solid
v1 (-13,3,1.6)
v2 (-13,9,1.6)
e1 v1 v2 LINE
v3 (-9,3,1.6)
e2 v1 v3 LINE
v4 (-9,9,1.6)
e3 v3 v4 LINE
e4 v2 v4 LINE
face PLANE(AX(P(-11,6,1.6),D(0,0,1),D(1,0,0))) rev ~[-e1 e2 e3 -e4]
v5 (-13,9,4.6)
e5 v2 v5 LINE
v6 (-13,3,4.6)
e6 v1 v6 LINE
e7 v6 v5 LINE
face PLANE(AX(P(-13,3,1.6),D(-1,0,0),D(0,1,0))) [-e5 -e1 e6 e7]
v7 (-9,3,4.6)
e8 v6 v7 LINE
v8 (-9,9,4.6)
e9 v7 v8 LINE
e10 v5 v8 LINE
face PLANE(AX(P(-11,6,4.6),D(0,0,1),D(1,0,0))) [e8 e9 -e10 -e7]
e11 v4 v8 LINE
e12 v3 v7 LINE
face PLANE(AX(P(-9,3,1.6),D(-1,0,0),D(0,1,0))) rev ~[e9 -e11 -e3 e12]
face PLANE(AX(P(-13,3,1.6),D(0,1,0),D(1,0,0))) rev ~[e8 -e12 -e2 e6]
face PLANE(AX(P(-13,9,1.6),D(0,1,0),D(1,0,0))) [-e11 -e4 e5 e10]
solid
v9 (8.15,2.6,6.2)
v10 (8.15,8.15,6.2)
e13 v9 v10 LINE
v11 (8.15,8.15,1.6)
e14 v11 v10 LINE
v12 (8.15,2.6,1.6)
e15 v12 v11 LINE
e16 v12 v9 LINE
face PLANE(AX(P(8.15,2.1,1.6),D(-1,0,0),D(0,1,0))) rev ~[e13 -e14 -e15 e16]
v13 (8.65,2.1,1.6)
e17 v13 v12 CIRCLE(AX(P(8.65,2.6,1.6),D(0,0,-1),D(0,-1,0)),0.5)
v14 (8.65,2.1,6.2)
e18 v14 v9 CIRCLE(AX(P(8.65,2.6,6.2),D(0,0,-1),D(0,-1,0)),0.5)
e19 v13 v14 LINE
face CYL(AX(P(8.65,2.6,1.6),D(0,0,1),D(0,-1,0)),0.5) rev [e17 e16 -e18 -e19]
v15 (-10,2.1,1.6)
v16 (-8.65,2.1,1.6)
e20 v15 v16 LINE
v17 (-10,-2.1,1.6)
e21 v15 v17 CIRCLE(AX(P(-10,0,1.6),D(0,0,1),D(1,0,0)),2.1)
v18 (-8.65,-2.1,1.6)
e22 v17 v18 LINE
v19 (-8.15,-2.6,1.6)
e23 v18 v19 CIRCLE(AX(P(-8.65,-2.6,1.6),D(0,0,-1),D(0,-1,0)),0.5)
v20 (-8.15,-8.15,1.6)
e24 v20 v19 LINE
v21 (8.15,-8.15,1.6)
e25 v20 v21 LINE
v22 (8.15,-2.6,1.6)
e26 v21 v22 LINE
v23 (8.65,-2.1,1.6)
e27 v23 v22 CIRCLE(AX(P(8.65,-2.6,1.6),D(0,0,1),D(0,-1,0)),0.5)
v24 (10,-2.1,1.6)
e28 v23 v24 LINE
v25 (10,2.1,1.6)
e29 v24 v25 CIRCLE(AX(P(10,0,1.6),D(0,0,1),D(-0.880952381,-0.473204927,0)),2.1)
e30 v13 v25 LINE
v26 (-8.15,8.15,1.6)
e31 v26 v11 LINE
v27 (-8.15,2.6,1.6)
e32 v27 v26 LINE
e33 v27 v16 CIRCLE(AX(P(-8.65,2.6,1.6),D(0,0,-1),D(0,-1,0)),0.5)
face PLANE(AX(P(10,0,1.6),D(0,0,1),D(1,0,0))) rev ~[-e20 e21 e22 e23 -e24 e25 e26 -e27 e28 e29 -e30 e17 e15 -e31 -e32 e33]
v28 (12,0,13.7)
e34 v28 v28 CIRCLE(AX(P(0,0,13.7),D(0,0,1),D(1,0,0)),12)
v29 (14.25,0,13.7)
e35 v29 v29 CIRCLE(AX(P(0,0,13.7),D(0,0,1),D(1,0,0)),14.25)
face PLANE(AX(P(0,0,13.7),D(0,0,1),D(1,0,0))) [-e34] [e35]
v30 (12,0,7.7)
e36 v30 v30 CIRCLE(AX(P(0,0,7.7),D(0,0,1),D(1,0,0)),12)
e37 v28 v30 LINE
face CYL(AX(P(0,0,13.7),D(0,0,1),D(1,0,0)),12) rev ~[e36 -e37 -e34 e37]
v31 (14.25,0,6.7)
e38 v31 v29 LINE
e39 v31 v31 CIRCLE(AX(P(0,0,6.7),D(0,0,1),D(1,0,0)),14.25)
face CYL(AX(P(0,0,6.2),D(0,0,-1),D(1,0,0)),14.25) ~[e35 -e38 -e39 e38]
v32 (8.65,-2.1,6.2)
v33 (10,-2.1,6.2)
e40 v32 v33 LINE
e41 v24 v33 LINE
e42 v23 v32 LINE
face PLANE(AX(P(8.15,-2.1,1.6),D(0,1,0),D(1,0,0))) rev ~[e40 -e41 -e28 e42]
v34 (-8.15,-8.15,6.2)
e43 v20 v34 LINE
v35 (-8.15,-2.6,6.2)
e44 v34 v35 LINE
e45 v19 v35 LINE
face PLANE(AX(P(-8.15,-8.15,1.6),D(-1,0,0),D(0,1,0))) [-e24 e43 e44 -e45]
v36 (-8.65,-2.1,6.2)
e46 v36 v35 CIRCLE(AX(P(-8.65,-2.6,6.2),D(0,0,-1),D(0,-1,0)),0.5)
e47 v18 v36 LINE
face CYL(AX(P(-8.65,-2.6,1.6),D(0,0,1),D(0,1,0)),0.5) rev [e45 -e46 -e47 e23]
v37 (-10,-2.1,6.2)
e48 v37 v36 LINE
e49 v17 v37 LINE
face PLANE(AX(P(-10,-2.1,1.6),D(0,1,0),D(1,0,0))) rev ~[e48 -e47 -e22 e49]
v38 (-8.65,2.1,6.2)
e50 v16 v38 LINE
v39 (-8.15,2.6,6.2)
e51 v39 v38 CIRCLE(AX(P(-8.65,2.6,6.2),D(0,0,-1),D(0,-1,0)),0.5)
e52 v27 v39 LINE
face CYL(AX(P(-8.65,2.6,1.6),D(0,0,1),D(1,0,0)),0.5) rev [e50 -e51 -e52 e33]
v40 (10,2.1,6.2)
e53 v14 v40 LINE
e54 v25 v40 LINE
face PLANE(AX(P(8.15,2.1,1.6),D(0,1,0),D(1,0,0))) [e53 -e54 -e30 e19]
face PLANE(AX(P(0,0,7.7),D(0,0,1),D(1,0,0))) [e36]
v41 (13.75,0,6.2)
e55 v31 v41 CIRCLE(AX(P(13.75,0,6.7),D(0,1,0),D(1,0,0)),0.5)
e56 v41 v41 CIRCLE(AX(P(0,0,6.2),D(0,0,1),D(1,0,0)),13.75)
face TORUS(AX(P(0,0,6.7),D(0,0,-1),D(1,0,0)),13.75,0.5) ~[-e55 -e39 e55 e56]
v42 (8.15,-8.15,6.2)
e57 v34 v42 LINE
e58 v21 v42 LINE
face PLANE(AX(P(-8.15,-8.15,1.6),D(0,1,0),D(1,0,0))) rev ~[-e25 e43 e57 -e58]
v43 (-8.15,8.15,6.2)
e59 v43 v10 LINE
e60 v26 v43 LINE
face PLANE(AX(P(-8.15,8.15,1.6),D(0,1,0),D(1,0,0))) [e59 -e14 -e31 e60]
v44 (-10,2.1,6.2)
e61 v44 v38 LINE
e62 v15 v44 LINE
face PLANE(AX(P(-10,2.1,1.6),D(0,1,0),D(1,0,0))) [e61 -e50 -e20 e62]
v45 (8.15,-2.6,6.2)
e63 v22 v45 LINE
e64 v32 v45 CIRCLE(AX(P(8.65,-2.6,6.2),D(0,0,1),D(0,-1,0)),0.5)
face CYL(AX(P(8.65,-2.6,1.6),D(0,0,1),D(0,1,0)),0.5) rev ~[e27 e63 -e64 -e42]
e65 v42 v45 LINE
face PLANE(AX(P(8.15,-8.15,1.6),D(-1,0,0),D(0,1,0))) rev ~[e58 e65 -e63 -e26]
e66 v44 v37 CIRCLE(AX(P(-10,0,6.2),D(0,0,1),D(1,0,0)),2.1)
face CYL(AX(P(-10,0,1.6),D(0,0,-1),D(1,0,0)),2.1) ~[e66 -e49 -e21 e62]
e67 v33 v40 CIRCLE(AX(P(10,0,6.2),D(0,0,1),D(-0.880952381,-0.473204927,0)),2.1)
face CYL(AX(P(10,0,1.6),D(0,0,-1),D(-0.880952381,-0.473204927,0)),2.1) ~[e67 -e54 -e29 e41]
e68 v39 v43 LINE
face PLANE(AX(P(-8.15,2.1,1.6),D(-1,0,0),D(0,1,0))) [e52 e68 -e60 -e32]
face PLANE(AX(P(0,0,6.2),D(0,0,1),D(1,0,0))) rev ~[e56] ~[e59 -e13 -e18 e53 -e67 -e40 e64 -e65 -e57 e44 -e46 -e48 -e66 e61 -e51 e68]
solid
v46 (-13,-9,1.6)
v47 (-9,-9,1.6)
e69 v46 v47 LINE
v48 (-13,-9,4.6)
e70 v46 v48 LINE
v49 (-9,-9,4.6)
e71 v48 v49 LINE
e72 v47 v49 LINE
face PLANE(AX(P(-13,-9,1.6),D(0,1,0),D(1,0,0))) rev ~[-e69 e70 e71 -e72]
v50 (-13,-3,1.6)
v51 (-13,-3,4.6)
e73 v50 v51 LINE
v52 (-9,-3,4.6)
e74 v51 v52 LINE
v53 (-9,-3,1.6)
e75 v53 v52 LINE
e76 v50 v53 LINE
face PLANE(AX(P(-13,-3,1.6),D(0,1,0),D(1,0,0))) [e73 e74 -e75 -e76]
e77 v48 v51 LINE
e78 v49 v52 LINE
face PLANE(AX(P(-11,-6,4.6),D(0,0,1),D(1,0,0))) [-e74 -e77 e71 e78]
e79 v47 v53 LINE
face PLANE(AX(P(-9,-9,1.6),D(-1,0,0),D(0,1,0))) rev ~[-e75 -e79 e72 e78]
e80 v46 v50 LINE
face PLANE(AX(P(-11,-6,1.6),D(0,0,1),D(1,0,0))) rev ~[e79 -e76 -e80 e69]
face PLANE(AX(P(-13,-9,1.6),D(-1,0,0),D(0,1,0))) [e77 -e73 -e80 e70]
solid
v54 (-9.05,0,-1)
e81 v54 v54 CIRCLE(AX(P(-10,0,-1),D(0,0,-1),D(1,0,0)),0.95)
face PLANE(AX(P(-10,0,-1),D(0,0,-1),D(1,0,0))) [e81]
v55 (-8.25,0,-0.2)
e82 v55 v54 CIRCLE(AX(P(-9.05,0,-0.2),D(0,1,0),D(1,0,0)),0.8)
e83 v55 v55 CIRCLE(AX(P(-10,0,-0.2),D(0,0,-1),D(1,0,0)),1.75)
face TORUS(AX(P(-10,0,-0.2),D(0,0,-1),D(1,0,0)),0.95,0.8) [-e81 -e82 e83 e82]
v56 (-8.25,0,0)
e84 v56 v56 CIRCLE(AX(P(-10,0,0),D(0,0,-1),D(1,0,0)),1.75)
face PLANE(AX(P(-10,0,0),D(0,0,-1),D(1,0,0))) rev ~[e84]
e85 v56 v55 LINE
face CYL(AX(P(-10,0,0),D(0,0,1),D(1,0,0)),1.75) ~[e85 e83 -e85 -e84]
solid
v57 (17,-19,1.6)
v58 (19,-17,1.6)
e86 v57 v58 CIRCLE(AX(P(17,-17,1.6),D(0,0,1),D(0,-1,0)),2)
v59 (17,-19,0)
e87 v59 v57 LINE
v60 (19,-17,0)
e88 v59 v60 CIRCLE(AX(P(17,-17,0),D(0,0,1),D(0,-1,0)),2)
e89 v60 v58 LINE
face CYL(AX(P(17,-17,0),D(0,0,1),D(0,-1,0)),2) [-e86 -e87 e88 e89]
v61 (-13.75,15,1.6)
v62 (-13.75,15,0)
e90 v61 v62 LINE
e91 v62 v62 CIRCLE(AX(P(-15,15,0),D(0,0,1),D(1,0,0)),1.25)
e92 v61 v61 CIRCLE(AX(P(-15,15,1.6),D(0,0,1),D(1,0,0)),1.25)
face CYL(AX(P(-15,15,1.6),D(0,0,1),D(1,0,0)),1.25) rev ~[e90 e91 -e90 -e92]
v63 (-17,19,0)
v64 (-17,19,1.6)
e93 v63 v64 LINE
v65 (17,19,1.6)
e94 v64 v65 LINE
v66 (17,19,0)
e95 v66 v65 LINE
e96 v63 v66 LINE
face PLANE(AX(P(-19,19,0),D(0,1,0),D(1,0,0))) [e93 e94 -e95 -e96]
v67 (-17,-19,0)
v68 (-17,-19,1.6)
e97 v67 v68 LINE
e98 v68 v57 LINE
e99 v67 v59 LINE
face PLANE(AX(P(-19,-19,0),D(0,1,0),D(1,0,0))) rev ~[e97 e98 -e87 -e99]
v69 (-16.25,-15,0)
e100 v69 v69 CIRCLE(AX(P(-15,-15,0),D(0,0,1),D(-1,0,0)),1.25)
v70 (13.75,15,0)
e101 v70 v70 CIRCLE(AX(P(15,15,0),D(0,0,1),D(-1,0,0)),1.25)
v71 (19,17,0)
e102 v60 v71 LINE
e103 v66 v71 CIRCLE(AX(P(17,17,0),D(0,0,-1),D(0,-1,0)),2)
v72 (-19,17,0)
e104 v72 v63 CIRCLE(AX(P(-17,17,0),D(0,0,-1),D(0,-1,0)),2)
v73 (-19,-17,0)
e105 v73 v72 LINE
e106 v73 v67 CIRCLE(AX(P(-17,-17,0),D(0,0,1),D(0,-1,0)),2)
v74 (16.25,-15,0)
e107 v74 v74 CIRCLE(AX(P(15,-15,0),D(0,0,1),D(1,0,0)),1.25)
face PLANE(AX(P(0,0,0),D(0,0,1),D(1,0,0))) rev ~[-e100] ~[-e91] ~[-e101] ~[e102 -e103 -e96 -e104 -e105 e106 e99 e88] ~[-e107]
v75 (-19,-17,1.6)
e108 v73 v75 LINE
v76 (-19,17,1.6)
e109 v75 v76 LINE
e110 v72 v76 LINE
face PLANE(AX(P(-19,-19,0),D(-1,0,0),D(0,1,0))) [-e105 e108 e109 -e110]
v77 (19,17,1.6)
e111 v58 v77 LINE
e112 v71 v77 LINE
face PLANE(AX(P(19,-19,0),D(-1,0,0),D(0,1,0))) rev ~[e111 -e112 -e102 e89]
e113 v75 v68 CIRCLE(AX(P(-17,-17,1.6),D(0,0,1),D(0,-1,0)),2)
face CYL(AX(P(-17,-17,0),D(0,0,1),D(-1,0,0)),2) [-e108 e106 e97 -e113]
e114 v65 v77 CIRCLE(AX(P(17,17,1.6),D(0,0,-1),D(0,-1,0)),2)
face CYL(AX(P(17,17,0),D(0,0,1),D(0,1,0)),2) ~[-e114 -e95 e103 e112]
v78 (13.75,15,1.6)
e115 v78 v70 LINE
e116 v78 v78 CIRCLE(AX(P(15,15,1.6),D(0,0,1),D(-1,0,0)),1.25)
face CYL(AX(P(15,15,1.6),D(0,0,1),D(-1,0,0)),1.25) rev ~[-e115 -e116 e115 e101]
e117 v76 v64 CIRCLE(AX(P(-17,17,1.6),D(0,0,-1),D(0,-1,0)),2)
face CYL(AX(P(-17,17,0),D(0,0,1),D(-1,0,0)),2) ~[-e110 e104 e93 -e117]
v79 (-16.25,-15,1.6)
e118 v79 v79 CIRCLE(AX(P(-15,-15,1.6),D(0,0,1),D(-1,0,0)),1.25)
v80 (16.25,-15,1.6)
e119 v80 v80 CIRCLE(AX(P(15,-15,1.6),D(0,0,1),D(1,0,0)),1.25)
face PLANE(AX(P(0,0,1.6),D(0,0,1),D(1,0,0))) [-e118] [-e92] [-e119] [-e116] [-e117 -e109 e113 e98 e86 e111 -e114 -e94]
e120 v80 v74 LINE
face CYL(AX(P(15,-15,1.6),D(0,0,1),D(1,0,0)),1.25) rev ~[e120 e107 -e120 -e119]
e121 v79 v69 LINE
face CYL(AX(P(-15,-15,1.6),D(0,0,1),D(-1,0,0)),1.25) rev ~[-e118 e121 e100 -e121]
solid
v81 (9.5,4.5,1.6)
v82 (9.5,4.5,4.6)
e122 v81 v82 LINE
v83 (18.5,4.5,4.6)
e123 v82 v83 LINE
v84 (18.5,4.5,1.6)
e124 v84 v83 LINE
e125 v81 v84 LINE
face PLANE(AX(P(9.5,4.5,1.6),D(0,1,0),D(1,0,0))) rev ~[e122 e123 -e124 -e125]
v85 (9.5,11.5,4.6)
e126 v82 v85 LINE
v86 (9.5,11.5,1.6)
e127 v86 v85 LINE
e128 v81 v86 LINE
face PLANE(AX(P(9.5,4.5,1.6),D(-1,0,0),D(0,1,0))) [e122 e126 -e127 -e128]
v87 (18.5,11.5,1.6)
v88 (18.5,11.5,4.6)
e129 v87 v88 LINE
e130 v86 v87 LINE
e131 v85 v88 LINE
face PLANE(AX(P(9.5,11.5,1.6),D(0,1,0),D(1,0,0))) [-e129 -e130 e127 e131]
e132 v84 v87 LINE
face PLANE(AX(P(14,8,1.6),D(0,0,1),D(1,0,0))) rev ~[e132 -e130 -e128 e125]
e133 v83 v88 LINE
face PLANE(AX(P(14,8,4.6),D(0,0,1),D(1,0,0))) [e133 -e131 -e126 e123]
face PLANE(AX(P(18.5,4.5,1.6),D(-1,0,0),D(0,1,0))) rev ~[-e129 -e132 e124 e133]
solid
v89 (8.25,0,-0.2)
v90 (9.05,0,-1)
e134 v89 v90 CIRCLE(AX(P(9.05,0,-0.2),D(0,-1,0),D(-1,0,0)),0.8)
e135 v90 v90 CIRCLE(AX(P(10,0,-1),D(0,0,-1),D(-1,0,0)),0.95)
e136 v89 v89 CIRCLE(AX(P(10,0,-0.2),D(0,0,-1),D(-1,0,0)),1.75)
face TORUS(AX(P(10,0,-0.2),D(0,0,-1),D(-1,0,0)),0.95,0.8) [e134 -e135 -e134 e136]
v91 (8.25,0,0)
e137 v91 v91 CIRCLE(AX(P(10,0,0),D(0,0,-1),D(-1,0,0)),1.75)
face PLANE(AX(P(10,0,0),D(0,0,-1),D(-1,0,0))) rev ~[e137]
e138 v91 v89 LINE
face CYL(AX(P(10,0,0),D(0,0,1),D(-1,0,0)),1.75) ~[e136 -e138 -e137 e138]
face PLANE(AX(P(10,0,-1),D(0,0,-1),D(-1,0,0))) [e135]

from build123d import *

# Parameters (mm, degrees)
SKETCH1_W             = 38
SKETCH1_H             = 38
BOSS_EXTRUDE1_DEPTH   = 1.6
SKETCH2_R             = 1.25
CUT_EXTRUDE1_DEPTH    = 27.917652201
FILLET1_R             = 2
SKETCH3_R             = 2.1
SKETCH3_W             = 16.3
SKETCH3_H             = 16.3
SKETCH3_W_2           = 20
SKETCH3_H_2           = 4.2
BOSS_EXTRUDE2_DEPTH   = 4.6
SKETCH4_R             = 14.25
BOSS_EXTRUDE3_DEPTH   = 7.5
SKETCH5_R             = 12
CUT_EXTRUDE2_DEPTH    = 6
FILLET2_R             = 0.5
SKETCH6_R             = 1.75
BOSS_EXTRUDE4_DEPTH   = 1
BOSS_EXTRUDE4_2_DEPTH = 1
FILLET3_R             = 0.8
FILLET4_R             = 0.8
SKETCH8_W             = 9
SKETCH8_H             = 7
BOSS_EXTRUDE5_DEPTH   = 3
SKETCH8_W_2           = 4
SKETCH8_H_2           = 6
BOSS_EXTRUDE5_2_DEPTH = 3
BOSS_EXTRUDE5_3_DEPTH = 3


with BuildPart() as part:
    # Sketch1 → Boss-Extrude1 (new body)
    with BuildSketch(Plane.XY):
        Rectangle(SKETCH1_W, SKETCH1_H)
    extrude(amount=BOSS_EXTRUDE1_DEPTH)

    # Sketch2 → Cut-Extrude1 (cut, through all)
    with BuildSketch(Plane.XY.offset(1.6)):
        with Locations((-15, 15)):
            Circle(SKETCH2_R)
        with Locations(Location((15, 15, 0), (0, 0, 180))):
            Circle(SKETCH2_R)
        with Locations((15, -15)):
            Circle(SKETCH2_R)
        with Locations(Location((-15, -15, 0), (0, 0, 180))):
            Circle(SKETCH2_R)
    extrude(amount=-CUT_EXTRUDE1_DEPTH, mode=Mode.SUBTRACT)

    # Fillet1
    fillet1_edges = [part.edges().sort_by_distance(p)[0] for p in [
        (19, -19, 0.8),
        (-19, -19, 0.8),
        (-19, 19, 0.8),
        (19, 19, 0.8),
    ]]
    fillet(fillet1_edges, radius=FILLET1_R)


with BuildPart() as body_2:
    # Sketch3 → Boss-Extrude2 (new body)
    with BuildSketch(Plane.XY.offset(1.6)):
        with Locations((10, 0)):
            Circle(SKETCH3_R)
        with Locations((-10, 0)):
            Circle(SKETCH3_R)
        Rectangle(SKETCH3_W, SKETCH3_H)
        Rectangle(SKETCH3_W_2, SKETCH3_H_2)
    extrude(amount=BOSS_EXTRUDE2_DEPTH)

    # Sketch4 → Boss-Extrude3 (add)
    with BuildSketch(Plane.XY.offset(6.2)):
        Circle(SKETCH4_R)
    extrude(amount=BOSS_EXTRUDE3_DEPTH)

    # Sketch5 → Cut-Extrude2 (cut)
    with BuildSketch(Plane.XY.offset(13.7)):
        Circle(SKETCH5_R)
    extrude(amount=-CUT_EXTRUDE2_DEPTH, mode=Mode.SUBTRACT)

    # Fillet2
    fillet2_edges = [body_2.edges().sort_by_distance(p)[0] for p in [
        (8.15, 2.1, 3.9),
        (8.15, -2.1, 3.9),
        (-8.15, 2.1, 3.9),
        (-8.15, -2.1, 3.9),
        (-14.25, 0, 6.2),
    ]]
    fillet(fillet2_edges, radius=FILLET2_R)


with BuildPart() as body_3:
    # Sketch6 → Boss-Extrude4 (new body)
    with BuildSketch(Plane(origin=(0, 0, 0), x_dir=(-1, 0, 0), z_dir=(0, 0, -1))):
        with Locations((-10, 0)):
            Circle(SKETCH6_R)
    extrude(amount=BOSS_EXTRUDE4_DEPTH)

    # Fillet3
    fillet3_edges = [body_3.edges().sort_by_distance(p)[0] for p in [
        (11.75, 0, -1),
    ]]
    fillet(fillet3_edges, radius=FILLET3_R)


with BuildPart() as body_4:
    # Sketch6 → Boss-Extrude4 2 (new body)
    with BuildSketch(Plane(origin=(0, 0, 0), x_dir=(-1, 0, 0), z_dir=(0, 0, -1))):
        with Locations(Location((10, 0, 0), (0, 0, 180))):
            Circle(SKETCH6_R)
    extrude(amount=BOSS_EXTRUDE4_2_DEPTH)

    # Fillet4
    fillet4_edges = [body_4.edges().sort_by_distance(p)[0] for p in [
        (-11.75, 0, -1),
    ]]
    fillet(fillet4_edges, radius=FILLET4_R)


with BuildPart() as body_5:
    # Sketch8 → Boss-Extrude5 (new body)
    with BuildSketch(Plane.XY.offset(1.6)):
        with Locations((14, 8)):
            Rectangle(SKETCH8_W, SKETCH8_H)
    extrude(amount=BOSS_EXTRUDE5_DEPTH)


with BuildPart() as body_6:
    # Sketch8 → Boss-Extrude5 2 (new body)
    with BuildSketch(Plane.XY.offset(1.6)):
        with Locations((-11, 6)):
            Rectangle(SKETCH8_W_2, SKETCH8_H_2)
    extrude(amount=BOSS_EXTRUDE5_2_DEPTH)


with BuildPart() as body_7:
    # Sketch8 → Boss-Extrude5 3 (new body)
    with BuildSketch(Plane.XY.offset(1.6)):
        with Locations((-11, -6)):
            Rectangle(SKETCH8_W_2, SKETCH8_H_2)
    extrude(amount=BOSS_EXTRUDE5_3_DEPTH)


solid = Compound([part.part, body_2.part, body_3.part, body_4.part, body_5.part, body_6.part, body_7.part])
